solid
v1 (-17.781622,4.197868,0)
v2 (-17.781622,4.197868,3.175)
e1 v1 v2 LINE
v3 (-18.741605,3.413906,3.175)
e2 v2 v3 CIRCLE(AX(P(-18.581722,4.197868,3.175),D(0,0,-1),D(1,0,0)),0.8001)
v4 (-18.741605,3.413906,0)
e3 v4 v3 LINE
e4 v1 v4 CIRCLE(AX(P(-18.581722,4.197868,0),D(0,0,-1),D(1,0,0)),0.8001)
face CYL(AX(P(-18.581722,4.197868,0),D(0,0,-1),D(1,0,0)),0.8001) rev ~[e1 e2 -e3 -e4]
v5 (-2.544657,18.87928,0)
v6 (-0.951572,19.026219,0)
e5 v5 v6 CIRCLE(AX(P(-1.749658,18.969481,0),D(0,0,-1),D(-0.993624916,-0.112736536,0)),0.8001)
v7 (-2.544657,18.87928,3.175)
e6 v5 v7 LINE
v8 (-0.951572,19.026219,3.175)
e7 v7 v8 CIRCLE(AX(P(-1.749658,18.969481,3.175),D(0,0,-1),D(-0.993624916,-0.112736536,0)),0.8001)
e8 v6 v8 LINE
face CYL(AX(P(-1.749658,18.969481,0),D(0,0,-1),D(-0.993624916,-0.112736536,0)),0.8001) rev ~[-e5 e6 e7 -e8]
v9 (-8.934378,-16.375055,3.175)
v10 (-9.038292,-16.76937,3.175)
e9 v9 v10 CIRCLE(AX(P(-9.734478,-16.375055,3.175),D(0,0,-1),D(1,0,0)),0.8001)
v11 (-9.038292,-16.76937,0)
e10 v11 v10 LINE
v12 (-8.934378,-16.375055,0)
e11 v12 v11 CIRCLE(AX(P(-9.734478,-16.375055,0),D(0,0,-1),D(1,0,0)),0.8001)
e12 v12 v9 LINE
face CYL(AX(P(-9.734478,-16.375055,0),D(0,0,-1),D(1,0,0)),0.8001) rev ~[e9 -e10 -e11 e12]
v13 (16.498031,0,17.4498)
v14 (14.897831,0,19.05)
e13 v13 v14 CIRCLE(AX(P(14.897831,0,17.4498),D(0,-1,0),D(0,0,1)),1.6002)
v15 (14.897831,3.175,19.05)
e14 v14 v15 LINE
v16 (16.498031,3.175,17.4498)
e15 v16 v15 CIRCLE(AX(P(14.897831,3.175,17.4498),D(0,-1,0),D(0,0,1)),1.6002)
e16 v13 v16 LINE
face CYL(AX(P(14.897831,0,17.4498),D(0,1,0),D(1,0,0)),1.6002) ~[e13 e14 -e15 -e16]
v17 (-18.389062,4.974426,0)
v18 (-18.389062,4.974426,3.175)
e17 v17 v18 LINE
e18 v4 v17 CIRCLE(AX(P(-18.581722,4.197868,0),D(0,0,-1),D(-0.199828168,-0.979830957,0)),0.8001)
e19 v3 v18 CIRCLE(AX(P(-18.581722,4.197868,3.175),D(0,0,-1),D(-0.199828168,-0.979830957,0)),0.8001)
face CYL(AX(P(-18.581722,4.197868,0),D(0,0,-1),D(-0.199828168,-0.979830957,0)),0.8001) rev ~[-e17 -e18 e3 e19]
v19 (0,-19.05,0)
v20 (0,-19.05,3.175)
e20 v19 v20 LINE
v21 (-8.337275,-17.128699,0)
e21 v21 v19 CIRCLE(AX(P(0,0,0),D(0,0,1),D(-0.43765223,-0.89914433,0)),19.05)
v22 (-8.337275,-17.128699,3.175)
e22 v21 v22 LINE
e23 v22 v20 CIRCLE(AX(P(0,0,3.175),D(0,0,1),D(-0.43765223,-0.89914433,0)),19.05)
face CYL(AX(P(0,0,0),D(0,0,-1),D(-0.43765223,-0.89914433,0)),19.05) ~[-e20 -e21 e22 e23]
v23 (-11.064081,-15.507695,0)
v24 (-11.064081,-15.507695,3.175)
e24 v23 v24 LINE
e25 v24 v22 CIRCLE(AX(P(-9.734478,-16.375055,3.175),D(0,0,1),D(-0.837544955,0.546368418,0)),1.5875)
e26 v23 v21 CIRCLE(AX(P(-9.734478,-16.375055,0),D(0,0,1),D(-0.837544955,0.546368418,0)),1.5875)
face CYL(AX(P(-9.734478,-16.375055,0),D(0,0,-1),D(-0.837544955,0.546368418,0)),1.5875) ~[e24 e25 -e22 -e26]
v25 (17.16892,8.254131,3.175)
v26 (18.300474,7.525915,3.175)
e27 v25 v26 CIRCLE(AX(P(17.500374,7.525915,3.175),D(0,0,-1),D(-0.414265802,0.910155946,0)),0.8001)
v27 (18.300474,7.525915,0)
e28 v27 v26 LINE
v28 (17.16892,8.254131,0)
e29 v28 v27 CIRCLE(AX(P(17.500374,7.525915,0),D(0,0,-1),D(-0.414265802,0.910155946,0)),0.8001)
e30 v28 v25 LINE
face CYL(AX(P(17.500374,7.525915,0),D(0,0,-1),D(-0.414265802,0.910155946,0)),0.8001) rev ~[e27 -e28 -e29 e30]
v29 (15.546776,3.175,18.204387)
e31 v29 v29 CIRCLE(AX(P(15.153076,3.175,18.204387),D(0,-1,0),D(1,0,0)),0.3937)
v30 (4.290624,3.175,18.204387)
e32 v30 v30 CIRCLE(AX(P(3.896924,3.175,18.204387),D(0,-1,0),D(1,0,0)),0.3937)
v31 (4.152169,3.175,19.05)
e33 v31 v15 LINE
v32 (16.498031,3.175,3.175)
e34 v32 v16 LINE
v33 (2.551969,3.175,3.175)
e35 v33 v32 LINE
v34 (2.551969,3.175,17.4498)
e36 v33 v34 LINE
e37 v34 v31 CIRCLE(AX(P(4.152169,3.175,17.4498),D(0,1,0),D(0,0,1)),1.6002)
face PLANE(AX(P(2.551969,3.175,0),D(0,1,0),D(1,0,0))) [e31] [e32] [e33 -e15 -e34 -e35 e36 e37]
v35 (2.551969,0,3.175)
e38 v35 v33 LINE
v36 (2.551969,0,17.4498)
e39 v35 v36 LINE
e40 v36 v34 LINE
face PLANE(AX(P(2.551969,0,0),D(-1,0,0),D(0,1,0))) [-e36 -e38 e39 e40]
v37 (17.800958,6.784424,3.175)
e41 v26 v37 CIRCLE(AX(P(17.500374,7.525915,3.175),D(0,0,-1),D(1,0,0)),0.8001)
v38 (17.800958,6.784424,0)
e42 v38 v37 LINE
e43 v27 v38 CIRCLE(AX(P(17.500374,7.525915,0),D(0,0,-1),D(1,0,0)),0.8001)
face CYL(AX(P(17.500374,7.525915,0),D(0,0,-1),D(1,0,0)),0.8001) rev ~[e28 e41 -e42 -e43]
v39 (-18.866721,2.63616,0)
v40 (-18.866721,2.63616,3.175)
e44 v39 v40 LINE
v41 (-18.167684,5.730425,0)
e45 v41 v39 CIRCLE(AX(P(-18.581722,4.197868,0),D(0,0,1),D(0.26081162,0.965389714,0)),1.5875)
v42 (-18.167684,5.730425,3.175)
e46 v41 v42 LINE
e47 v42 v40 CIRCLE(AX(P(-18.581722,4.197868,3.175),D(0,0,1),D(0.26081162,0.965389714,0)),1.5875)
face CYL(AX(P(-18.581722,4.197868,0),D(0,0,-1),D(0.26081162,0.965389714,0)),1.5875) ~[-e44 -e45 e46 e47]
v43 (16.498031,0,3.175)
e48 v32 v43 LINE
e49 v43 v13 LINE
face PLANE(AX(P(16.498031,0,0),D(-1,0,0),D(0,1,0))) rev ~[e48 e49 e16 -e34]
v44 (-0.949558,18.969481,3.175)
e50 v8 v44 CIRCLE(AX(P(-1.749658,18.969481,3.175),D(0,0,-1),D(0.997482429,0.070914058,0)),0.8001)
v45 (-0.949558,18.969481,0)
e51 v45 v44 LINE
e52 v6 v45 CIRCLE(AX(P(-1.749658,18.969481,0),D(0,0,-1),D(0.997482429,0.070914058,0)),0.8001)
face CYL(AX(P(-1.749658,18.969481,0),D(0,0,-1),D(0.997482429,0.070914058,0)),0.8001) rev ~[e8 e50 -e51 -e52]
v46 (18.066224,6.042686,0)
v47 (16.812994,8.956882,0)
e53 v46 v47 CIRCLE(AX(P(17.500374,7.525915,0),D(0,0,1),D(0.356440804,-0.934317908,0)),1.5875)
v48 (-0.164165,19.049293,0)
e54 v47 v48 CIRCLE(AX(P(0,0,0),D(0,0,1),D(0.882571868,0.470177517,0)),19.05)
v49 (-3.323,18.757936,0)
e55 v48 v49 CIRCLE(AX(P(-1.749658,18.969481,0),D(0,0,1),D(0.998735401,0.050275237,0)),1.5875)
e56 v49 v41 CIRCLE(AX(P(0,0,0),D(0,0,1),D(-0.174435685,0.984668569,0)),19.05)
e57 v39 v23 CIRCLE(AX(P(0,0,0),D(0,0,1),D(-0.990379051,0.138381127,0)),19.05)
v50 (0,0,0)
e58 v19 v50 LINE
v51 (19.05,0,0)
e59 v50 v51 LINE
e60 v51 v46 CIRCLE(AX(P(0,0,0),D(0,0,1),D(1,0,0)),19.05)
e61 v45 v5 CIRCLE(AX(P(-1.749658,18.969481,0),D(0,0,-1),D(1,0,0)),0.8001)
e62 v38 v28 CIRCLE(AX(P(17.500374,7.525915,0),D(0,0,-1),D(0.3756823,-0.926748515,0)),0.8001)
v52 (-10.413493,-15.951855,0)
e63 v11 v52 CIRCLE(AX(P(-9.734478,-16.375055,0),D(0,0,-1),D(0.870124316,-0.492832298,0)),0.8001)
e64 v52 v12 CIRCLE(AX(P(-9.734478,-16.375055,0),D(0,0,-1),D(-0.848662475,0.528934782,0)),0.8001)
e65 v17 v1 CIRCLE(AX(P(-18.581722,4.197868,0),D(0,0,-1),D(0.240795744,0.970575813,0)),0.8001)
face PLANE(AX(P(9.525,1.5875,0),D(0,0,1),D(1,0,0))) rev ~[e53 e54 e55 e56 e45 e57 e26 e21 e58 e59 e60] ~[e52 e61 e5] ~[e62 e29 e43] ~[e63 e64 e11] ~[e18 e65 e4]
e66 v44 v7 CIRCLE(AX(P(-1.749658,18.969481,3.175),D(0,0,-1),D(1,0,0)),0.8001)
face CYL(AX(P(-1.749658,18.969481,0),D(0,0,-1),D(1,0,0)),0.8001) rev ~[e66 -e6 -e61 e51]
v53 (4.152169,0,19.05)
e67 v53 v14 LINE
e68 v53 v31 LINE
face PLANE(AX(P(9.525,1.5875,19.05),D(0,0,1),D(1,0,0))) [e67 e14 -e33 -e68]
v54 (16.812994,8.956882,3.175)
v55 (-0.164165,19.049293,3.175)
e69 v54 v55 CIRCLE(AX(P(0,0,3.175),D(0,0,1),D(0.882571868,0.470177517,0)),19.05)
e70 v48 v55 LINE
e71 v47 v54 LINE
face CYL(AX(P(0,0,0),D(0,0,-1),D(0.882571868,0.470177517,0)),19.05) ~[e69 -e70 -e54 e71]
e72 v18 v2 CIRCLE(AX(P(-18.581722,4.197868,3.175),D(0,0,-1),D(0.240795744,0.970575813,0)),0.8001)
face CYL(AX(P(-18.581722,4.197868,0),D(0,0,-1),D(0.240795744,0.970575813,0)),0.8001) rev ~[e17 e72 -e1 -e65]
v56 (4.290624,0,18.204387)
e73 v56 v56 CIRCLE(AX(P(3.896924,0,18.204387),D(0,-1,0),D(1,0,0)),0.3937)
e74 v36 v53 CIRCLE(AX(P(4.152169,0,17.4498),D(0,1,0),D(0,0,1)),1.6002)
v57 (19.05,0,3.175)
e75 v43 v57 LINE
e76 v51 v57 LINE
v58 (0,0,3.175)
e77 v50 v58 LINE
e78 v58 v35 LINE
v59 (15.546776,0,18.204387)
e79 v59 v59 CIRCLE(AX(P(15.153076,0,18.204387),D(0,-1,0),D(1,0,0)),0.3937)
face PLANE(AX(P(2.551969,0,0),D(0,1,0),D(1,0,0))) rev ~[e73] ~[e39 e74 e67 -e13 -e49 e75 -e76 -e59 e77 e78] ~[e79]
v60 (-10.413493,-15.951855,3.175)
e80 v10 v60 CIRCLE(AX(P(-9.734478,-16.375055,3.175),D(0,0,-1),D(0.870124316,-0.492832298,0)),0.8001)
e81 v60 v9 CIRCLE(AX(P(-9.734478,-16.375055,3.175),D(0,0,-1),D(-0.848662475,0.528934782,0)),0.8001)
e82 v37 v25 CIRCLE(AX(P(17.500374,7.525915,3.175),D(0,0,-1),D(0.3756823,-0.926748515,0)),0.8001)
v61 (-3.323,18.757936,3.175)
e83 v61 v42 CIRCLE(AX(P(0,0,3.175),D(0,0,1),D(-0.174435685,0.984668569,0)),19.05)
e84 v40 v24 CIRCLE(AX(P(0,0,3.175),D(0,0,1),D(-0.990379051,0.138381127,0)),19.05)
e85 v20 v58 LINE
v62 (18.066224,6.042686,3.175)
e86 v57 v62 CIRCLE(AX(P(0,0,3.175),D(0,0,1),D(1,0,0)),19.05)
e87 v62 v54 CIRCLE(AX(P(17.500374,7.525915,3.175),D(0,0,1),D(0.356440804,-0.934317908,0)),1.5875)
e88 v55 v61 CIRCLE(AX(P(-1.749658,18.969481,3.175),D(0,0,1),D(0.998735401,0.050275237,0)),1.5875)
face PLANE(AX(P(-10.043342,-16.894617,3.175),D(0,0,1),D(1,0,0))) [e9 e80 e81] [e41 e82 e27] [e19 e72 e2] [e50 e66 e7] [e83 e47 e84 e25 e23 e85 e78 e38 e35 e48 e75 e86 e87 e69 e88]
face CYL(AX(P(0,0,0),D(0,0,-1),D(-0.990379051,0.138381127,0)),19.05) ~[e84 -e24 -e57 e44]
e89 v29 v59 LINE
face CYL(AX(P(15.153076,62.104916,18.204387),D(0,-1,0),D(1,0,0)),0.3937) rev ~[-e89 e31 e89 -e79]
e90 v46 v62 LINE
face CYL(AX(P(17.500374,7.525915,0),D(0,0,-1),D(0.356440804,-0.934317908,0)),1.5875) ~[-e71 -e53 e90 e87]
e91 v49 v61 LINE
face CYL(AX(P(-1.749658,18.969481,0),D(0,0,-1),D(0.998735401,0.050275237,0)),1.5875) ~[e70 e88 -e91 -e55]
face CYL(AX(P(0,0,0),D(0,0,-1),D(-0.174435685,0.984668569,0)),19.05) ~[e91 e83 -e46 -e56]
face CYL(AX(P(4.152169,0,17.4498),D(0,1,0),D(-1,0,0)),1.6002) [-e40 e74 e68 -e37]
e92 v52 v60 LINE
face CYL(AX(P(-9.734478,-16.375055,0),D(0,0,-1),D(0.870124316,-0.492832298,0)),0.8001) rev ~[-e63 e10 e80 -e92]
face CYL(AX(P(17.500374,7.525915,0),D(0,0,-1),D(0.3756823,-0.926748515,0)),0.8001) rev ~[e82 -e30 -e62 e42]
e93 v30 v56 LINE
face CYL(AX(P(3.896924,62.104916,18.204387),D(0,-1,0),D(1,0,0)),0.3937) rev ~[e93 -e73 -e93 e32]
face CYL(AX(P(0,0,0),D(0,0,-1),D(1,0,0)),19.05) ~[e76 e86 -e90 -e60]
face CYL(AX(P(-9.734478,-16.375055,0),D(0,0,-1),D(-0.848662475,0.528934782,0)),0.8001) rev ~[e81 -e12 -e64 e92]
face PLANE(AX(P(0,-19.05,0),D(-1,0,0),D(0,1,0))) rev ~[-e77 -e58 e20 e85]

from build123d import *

# Parameters (mm, degrees)
F1_DEPTH = 3.175
F0_W     = 13.9460621893
F0_H     = 3.175
F2_DEPTH = 19.05
F4_R     = 1.6002
F5_D     = 0.7874


with BuildPart() as f1:
    # F0 (on Top) → F1 (new body)
    with BuildSketch(Plane.XY):
        with BuildLine():
            ThreePointArc((-11.0640807489, -15.5076954182), (-10.5456846438, -17.739643222), (-8.337274974, -17.1286994839))
            ThreePointArc((-8.337274974, -17.1286994839), (-8.6896408656, -16.9526588365), (-9.0382916673, -16.7693704037))
            ThreePointArc((-9.0382916673, -16.7693704037), (-10.1433262143, -17.0628076037), (-10.4134929787, -15.9518545625))
            ThreePointArc((-10.4134929787, -15.9518545625), (-10.7410829362, -15.7331381917), (-11.0640807489, -15.5076954182))
        make_face()
        with BuildLine():
            ThreePointArc((-18.1676837587, 5.7304246652), (-20.1301990553, 4.5476908695), (-18.8667209135, 2.6361604601))
            ThreePointArc((-18.8667209135, 2.6361604601), (-18.8081833575, 3.0256798892), (-18.7416047219, 3.4139057466))
            ThreePointArc((-18.7416047219, 3.4139057466), (-19.3621545375, 4.3741789717), (-18.3890615299, 4.9744262032))
            ThreePointArc((-18.3890615299, 4.9744262032), (-18.2822807642, 5.3535698425), (-18.1676837587, 5.7304246652))
        make_face()
        with BuildLine():
            ThreePointArc((-0.9515720679, 19.0262190306), (-0.557987968, 19.0418263154), (-0.1641653109, 19.0492926312))
            ThreePointArc((-0.1641653109, 19.0492926312), (-1.8954625727, 20.5502707497), (-3.3229998068, 18.757936248))
            ThreePointArc((-3.3229998068, 18.757936248), (-2.934455716, 18.8226318471), (-2.5446570546, 18.8792801895))
            ThreePointArc((-2.5446570546, 18.8792801895), (-1.8231433853, 19.7661988811), (-0.9515720679, 19.0262190306))
        make_face()
        with BuildLine():
            ThreePointArc((17.8009576491, 6.7844238351), (17.9374252347, 6.4149260284), (18.0662240168, 6.0426856425))
            ThreePointArc((18.0662240168, 6.0426856425), (18.958738761, 8.1530749318), (16.8129940883, 8.9568817))
            ThreePointArc((16.8129940883, 8.9568817), (16.9945899865, 8.6073463501), (17.1689201725, 8.2541310937))
            ThreePointArc((17.1689201725, 8.2541310937), (17.9333659324, 8.1987289698), (18.3004742409, 7.5259153217))
            ThreePointArc((18.3004742409, 7.5259153217), (18.1639466917, 7.0788900287), (17.8009576491, 6.7844238351))
        make_face()
        with BuildLine():
            Line((0, -19.05), (0, 0))
            Line((0, 0), (2.5519689053, 0))
            Line((2.5519689053, 0), (2.5519689053, 3.175))
            Line((2.5519689053, 3.175), (16.4980310947, 3.175))
            Line((16.4980310947, 3.175), (16.4980310947, 0))
            Line((16.4980310947, 0), (19.05, 0))
            ThreePointArc((19.05, 0), (18.8024475471, 3.061121729), (18.0662240168, 6.0426856425))
            ThreePointArc((18.0662240168, 6.0426856425), (17.9374252347, 6.4149260284), (17.8009576491, 6.7844238351))
            ThreePointArc((17.8009576491, 6.7844238351), (16.7653585228, 7.2098268782), (17.1689201725, 8.2541310937))
            ThreePointArc((17.1689201725, 8.2541310937), (16.9945899865, 8.6073463501), (16.8129940883, 8.9568817))
            ThreePointArc((16.8129940883, 8.9568817), (9.7344781327, 16.3750552819), (-0.1641653109, 19.0492926312))
            ThreePointArc((-0.1641653109, 19.0492926312), (-0.557987968, 19.0418263154), (-0.9515720679, 19.0262190306))
            ThreePointArc((-0.9515720679, 19.0262190306), (-0.9500614951, 18.9978677335), (-0.9495577594, 18.969480692))
            ThreePointArc((-0.9495577594, 18.969480692), (-1.7044854564, 18.170656886), (-2.5446570546, 18.8792801895))
            ThreePointArc((-2.5446570546, 18.8792801895), (-2.934455716, 18.8226318471), (-3.3229998068, 18.757936248))
            ThreePointArc((-3.3229998068, 18.757936248), (-12.5654838561, 14.3182092268), (-18.1676837587, 5.7304246652))
            ThreePointArc((-18.1676837587, 5.7304246652), (-18.2822807642, 5.3535698425), (-18.3890615299, 4.9744262032))
            ThreePointArc((-18.3890615299, 4.9744262032), (-17.9515207228, 4.6908249859), (-17.7816222049, 4.1978684949))
            ThreePointArc((-17.7816222049, 4.1978684949), (-18.0756401917, 3.5781580739), (-18.7416047219, 3.4139057466))
            ThreePointArc((-18.7416047219, 3.4139057466), (-18.8081833575, 3.0256798892), (-18.8667209135, 2.6361604601))
            ThreePointArc((-18.8667209135, 2.6361604601), (-17.5003742409, -7.5259153217), (-11.0640807489, -15.5076954182))
            ThreePointArc((-11.0640807489, -15.5076954182), (-10.7410829362, -15.7331381917), (-10.4134929787, -15.9518545625))
            ThreePointArc((-10.4134929787, -15.9518545625), (-9.5143869792, -15.6058219661), (-8.9343781327, -16.3750552819))
            ThreePointArc((-8.9343781327, -16.3750552819), (-8.9607925373, -16.5789440003), (-9.0382916673, -16.7693704037))
            ThreePointArc((-9.0382916673, -16.7693704037), (-8.6896408656, -16.9526588365), (-8.337274974, -17.1286994839))
            ThreePointArc((-8.337274974, -17.1286994839), (-4.2778952087, -18.5634617619), (0, -19.05))
        make_face()
    extrude(amount=F1_DEPTH)

    # F0 (on Top) → F2 (join)
    with BuildSketch(Plane.XY):
        with Locations((9.525, 1.5875)):
            Rectangle(F0_W, F0_H)
    extrude(amount=F2_DEPTH)

    # F4
    f4_edges = [f1.edges().sort_by_distance(p)[0] for p in [
        (2.551969, 1.5875, 19.05),
        (16.498031, 1.5875, 19.05),
    ]]
    fillet(f4_edges, radius=F4_R)

    # F5 (through all)
    with Locations(Plane(origin=(0, 3.175, 0), x_dir=(-1, 0, 0), z_dir=(0, 1, 0))):
        with Locations((-3.8969237357, 18.2043871596), (-15.1530762643, 18.2043871596)):
            Hole(F5_D / 2)


solid = f1.part
